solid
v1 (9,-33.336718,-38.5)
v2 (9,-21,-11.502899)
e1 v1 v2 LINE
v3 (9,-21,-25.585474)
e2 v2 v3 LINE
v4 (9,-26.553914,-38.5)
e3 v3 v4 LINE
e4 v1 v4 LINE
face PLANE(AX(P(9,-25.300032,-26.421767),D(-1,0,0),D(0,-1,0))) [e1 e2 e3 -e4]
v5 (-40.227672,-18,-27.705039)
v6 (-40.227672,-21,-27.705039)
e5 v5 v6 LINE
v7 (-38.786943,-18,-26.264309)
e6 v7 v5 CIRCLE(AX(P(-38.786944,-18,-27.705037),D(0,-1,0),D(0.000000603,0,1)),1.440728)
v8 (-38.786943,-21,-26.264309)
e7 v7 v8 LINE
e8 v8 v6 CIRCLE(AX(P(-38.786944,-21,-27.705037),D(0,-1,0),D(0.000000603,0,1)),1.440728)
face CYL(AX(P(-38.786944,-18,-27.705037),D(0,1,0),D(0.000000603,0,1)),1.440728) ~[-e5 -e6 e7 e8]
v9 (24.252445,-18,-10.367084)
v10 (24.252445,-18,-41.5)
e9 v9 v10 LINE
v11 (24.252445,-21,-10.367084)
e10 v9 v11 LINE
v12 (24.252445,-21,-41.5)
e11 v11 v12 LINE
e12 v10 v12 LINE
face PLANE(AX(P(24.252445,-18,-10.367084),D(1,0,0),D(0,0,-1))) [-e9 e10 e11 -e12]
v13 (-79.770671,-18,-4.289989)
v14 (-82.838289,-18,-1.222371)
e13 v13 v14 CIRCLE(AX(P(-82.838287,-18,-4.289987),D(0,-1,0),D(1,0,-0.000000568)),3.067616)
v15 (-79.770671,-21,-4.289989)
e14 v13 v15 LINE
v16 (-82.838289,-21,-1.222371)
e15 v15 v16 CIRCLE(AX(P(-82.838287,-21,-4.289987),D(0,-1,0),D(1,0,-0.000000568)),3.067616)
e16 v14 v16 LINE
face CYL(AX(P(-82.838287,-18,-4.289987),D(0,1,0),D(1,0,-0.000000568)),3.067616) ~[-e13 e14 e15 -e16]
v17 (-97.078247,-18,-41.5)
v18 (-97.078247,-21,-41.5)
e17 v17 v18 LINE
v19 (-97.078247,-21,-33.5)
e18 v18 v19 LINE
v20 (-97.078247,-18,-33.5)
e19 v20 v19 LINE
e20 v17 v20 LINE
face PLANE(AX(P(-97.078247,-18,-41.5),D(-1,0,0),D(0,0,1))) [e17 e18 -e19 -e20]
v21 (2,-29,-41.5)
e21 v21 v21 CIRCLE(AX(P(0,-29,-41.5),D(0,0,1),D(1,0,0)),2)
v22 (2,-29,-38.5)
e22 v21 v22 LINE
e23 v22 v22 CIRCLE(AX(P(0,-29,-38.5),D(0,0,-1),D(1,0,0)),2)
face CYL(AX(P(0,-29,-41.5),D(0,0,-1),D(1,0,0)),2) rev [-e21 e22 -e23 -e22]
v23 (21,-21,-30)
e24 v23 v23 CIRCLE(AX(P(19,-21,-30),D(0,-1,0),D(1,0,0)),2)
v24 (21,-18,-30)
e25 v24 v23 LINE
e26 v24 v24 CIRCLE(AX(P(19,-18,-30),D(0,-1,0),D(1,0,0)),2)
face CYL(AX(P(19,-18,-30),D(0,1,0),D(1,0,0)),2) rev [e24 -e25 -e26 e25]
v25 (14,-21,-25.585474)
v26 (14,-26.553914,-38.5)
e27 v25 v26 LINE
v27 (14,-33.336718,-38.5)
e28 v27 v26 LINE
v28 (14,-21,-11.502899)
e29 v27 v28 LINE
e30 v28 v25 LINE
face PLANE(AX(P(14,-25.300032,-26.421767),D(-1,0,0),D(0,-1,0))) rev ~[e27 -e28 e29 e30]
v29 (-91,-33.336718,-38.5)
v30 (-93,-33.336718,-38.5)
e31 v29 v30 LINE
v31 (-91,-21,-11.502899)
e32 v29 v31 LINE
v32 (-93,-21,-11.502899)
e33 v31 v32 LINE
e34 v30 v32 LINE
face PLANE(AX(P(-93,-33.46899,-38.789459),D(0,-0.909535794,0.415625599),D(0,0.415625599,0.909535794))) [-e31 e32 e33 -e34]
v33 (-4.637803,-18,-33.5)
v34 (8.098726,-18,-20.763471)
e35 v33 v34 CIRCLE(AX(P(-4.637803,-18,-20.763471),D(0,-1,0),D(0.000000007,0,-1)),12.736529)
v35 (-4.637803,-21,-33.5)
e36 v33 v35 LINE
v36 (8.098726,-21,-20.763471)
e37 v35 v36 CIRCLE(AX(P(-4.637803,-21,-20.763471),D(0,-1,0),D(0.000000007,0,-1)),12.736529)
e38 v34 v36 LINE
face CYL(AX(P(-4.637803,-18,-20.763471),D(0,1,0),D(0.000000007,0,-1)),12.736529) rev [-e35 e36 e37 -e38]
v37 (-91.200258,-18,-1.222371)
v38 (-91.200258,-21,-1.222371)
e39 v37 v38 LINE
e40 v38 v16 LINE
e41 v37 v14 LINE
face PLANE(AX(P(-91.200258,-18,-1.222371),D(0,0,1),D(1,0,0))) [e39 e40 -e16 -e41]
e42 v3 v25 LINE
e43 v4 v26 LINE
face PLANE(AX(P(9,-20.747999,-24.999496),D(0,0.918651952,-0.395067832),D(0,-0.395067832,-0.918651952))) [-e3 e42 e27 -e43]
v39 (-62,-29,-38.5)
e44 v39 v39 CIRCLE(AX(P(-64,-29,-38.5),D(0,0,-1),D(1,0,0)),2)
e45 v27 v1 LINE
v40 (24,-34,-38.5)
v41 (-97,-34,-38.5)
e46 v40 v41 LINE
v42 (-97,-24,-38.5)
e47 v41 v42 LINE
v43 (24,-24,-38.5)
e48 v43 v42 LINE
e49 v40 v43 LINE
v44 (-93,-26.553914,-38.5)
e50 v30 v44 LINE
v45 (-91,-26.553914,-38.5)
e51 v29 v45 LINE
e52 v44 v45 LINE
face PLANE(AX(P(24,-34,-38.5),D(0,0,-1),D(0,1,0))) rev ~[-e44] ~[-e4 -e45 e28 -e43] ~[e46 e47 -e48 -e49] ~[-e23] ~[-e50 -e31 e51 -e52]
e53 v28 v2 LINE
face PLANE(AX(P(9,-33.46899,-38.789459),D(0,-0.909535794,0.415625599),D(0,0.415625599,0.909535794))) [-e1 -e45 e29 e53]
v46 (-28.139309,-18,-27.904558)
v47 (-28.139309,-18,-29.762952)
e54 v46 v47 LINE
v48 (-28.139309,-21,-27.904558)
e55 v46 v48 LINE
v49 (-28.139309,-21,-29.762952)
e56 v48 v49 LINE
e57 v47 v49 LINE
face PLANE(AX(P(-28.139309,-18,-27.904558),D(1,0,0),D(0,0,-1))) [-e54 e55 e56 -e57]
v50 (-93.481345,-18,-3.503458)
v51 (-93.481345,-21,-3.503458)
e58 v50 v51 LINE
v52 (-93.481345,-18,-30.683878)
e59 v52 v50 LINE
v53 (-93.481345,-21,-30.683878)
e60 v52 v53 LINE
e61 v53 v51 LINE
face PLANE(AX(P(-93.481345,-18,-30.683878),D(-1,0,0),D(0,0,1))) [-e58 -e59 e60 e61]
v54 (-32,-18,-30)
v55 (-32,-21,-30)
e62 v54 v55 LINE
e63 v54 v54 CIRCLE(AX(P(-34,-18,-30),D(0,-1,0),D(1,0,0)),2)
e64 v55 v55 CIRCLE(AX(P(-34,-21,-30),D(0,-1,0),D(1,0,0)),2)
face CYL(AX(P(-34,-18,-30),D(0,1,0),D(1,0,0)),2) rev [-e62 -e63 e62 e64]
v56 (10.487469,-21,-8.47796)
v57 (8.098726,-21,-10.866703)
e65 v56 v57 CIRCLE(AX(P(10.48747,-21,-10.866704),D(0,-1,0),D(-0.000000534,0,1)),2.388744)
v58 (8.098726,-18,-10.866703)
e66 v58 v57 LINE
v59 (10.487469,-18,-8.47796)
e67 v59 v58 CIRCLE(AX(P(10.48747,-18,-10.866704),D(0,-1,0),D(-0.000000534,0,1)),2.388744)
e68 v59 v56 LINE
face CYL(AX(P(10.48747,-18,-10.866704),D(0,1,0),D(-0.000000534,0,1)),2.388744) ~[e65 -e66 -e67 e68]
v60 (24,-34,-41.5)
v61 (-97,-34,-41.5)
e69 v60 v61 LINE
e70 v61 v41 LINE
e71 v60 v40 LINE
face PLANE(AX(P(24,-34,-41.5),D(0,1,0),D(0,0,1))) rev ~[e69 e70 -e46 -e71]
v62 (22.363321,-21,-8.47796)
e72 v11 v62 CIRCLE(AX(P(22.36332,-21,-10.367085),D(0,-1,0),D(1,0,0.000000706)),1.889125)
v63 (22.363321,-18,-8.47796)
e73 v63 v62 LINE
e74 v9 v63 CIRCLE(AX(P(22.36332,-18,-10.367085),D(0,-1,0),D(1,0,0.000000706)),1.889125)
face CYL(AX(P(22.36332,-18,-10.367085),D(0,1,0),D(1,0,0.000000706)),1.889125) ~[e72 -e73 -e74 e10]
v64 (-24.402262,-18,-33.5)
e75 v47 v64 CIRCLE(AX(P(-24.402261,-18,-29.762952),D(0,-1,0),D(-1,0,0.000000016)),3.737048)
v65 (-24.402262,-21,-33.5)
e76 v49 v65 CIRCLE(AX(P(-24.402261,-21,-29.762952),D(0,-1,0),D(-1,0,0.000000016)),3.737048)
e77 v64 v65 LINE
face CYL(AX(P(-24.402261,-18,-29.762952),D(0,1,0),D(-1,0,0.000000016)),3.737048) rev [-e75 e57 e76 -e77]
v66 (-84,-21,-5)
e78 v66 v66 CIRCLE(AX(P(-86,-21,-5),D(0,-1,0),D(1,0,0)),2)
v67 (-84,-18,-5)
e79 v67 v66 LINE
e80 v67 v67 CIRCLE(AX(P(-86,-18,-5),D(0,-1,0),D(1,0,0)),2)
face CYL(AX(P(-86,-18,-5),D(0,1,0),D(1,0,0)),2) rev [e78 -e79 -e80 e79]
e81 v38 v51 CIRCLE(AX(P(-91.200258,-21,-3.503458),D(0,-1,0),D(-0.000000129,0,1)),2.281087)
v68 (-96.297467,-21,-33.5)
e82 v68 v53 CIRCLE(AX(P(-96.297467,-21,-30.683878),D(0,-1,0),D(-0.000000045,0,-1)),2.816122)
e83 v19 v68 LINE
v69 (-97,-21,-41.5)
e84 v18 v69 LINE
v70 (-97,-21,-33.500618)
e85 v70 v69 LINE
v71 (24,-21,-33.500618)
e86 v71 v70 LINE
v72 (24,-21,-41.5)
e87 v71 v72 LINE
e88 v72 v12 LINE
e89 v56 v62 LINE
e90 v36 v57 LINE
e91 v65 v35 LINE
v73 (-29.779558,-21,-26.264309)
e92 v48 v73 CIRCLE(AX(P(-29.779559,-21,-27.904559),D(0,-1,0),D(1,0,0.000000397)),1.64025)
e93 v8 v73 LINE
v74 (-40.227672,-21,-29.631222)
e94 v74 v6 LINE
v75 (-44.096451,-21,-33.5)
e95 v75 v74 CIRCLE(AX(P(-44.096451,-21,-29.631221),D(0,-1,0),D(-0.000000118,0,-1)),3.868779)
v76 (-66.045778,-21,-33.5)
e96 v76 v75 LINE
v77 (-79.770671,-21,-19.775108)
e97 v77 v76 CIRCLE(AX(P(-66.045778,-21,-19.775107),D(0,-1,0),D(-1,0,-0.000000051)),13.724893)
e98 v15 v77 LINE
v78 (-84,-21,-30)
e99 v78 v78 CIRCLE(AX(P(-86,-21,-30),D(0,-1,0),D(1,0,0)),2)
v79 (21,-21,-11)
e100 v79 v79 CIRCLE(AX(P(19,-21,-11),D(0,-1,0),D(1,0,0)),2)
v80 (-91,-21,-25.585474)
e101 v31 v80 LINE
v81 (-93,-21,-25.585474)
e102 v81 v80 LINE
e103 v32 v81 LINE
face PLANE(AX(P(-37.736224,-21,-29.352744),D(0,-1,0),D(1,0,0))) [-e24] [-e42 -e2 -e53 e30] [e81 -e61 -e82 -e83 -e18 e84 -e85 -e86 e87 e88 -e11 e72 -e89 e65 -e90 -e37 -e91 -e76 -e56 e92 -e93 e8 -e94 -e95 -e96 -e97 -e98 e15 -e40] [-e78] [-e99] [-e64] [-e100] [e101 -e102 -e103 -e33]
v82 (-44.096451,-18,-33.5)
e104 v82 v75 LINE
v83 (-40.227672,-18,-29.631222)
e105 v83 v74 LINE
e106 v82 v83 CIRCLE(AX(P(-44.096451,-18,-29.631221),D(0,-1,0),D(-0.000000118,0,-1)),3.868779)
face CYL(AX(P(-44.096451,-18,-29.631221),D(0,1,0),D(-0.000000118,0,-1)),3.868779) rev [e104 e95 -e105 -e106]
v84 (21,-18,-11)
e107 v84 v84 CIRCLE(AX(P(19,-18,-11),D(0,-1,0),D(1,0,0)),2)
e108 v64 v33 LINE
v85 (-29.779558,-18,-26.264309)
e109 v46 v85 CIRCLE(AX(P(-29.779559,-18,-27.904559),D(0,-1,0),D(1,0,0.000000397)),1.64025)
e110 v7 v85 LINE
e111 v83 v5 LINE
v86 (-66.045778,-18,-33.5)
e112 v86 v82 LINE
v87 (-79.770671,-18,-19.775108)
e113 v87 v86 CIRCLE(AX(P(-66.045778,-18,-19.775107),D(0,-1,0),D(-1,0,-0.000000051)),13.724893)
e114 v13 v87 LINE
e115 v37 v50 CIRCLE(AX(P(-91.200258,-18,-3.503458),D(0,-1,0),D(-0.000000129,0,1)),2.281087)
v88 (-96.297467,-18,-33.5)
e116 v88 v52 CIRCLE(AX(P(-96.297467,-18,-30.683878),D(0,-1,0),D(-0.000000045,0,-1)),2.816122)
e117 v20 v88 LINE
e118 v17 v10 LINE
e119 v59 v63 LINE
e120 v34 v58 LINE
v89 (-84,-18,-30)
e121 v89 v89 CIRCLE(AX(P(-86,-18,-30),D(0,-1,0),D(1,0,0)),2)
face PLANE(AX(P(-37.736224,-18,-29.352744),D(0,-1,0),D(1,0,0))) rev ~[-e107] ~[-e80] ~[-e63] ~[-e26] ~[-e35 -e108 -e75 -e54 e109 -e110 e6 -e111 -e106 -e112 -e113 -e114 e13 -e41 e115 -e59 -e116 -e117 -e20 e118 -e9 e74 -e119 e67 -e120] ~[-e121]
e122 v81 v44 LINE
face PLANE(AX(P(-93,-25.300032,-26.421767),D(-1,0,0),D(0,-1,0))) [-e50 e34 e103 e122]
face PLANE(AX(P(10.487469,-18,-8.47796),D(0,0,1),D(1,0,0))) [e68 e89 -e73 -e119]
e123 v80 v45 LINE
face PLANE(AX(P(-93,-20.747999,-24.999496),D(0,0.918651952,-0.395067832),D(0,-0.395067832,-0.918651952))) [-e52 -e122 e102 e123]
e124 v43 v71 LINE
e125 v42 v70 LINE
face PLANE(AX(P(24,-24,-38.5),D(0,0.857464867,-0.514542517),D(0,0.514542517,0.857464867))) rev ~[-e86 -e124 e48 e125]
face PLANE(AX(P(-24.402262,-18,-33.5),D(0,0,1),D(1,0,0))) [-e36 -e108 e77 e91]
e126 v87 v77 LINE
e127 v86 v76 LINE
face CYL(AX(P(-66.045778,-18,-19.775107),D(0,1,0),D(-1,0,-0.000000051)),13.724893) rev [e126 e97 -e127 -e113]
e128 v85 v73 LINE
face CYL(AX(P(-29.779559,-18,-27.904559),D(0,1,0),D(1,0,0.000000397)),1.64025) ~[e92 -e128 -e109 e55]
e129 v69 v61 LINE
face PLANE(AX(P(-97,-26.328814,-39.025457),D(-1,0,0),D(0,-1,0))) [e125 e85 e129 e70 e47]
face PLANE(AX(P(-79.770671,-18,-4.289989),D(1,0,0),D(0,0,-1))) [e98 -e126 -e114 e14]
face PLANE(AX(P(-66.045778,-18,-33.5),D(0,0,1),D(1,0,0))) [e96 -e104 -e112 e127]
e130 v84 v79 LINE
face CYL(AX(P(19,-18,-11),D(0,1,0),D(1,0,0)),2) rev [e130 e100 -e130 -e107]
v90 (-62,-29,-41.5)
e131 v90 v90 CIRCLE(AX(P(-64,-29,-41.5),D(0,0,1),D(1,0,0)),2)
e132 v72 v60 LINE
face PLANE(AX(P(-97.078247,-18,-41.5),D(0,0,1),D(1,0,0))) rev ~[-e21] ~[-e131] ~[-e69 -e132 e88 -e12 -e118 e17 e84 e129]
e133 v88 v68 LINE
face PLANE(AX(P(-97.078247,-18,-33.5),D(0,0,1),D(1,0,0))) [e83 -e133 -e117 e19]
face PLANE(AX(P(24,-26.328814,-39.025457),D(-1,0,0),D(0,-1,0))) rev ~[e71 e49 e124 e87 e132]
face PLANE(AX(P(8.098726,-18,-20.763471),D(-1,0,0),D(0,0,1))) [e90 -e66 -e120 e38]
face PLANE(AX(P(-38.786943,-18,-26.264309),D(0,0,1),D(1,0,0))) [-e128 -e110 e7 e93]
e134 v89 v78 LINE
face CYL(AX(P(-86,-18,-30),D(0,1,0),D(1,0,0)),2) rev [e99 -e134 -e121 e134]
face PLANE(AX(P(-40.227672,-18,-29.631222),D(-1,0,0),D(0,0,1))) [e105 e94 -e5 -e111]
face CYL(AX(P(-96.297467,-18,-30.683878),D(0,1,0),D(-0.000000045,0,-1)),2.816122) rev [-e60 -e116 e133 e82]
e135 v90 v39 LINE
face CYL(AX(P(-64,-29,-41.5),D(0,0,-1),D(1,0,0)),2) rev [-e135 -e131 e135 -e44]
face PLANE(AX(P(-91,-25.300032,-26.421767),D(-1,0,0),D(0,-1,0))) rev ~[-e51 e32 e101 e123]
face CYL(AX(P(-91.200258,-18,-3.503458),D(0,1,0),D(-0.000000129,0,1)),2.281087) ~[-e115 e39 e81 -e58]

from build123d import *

# Parameters (mm, degrees)
SKETCH046_R     = 2
PAD031_DEPTH    = 3
PAD032_DEPTH    = 121
SKETCH048_R     = 2
POCKET006_DEPTH = 5
PAD034_DEPTH    = 5
PAD035_DEPTH    = 2


with BuildPart() as part:
    # Sketch046 → Pad031 (new body)
    with BuildSketch(Plane.XZ):
        with BuildLine():
            Line((-97.078247, 0), (24.252445, 0))
            Line((24.252445, 31.132916), (24.252445, 0))
            ThreePointArc((24.252445, 31.132916), (23.699133, 32.468728), (22.363321, 33.02204))
            Line((10.487469, 33.02204), (22.363321, 33.02204))
            ThreePointArc((10.487469, 33.02204), (8.798373, 32.322393), (8.098726, 30.633297))
            Line((8.098726, 20.736529), (8.098726, 30.633297))
            ThreePointArc((-4.637803, 8), (4.368283, 11.730443), (8.098726, 20.736529))
            Line((-24.402262, 8), (-4.637803, 8))
            ThreePointArc((-28.139309, 11.737048), (-27.044753, 9.094556), (-24.402262, 8))
            Line((-28.139309, 13.595442), (-28.139309, 11.737048))
            ThreePointArc((-28.139309, 13.595442), (-28.619727, 14.755273), (-29.779558, 15.235691))
            Line((-38.786943, 15.235691), (-29.779558, 15.235691))
            ThreePointArc((-38.786943, 15.235691), (-39.805693, 14.813711), (-40.227672, 13.794961))
            Line((-40.227672, 11.868778), (-40.227672, 13.794961))
            ThreePointArc((-44.096451, 8), (-41.360811, 9.133139), (-40.227672, 11.868778))
            Line((-66.045778, 8), (-44.096451, 8))
            ThreePointArc((-79.770671, 21.724892), (-75.750743, 12.019928), (-66.045778, 8))
            Line((-79.770671, 37.210011), (-79.770671, 21.724892))
            ThreePointArc((-79.770671, 37.210011), (-80.669155, 39.379145), (-82.838289, 40.277629))
            Line((-91.200258, 40.277629), (-82.838289, 40.277629))
            ThreePointArc((-91.200258, 40.277629), (-92.81323, 39.609514), (-93.481345, 37.996542))
            Line((-93.481345, 10.816122), (-93.481345, 37.996542))
            ThreePointArc((-96.297467, 8), (-94.306168, 8.824823), (-93.481345, 10.816122))
            Line((-97.078247, 8), (-96.297467, 8))
            Line((-97.078247, 0), (-97.078247, 8))
        make_face()
        with Locations((-86, 36.5)):
            Circle(SKETCH046_R, mode=Mode.SUBTRACT)
        with Locations((-86, 11.5)):
            Circle(SKETCH046_R, mode=Mode.SUBTRACT)
        with Locations((-34, 11.5)):
            Circle(SKETCH046_R, mode=Mode.SUBTRACT)
        with Locations((19, 30.5)):
            Circle(SKETCH046_R, mode=Mode.SUBTRACT)
        with Locations((19, 11.5)):
            Circle(SKETCH046_R, mode=Mode.SUBTRACT)
    extrude(amount=PAD031_DEPTH)

    # Sketch047 → Pad032 (join)
    with BuildSketch(Plane.YZ.offset(24)):
        Polygon((-3, 0), (-16, 0), (-16, 3), (-6, 3), (-3, 7.999382), align=None)
    extrude(amount=-PAD032_DEPTH)

    # Sketch048 → Pocket006 (cut)
    with BuildSketch(Plane.XY):
        with Locations((-64, -11)):
            Circle(SKETCH048_R)
        with Locations((0, -11)):
            Circle(SKETCH048_R)
    extrude(amount=POCKET006_DEPTH, mode=Mode.SUBTRACT)

    # Sketch054 → Pad034 (join)
    with BuildSketch(Plane.YZ.offset(9)):
        Polygon((-2.747999, 30.548568), (-2.747999, 16.500504), (-8.678396, 2.710541), (-15.46899, 2.710541), align=None)
    extrude(amount=PAD034_DEPTH)

    # Sketch055 → Pad035 (join)
    with BuildSketch(Plane.YZ.offset(-93)):
        Polygon((-2.747999, 30.548568), (-2.747999, 16.500504), (-8.678396, 2.710541), (-15.46899, 2.710541), align=None)
    extrude(amount=PAD035_DEPTH)


with BuildPart() as part_1:
    # Body011 placement: moved
    add(part.part.moved(Location((0, -18, -41.5))))


solid = part_1.part
